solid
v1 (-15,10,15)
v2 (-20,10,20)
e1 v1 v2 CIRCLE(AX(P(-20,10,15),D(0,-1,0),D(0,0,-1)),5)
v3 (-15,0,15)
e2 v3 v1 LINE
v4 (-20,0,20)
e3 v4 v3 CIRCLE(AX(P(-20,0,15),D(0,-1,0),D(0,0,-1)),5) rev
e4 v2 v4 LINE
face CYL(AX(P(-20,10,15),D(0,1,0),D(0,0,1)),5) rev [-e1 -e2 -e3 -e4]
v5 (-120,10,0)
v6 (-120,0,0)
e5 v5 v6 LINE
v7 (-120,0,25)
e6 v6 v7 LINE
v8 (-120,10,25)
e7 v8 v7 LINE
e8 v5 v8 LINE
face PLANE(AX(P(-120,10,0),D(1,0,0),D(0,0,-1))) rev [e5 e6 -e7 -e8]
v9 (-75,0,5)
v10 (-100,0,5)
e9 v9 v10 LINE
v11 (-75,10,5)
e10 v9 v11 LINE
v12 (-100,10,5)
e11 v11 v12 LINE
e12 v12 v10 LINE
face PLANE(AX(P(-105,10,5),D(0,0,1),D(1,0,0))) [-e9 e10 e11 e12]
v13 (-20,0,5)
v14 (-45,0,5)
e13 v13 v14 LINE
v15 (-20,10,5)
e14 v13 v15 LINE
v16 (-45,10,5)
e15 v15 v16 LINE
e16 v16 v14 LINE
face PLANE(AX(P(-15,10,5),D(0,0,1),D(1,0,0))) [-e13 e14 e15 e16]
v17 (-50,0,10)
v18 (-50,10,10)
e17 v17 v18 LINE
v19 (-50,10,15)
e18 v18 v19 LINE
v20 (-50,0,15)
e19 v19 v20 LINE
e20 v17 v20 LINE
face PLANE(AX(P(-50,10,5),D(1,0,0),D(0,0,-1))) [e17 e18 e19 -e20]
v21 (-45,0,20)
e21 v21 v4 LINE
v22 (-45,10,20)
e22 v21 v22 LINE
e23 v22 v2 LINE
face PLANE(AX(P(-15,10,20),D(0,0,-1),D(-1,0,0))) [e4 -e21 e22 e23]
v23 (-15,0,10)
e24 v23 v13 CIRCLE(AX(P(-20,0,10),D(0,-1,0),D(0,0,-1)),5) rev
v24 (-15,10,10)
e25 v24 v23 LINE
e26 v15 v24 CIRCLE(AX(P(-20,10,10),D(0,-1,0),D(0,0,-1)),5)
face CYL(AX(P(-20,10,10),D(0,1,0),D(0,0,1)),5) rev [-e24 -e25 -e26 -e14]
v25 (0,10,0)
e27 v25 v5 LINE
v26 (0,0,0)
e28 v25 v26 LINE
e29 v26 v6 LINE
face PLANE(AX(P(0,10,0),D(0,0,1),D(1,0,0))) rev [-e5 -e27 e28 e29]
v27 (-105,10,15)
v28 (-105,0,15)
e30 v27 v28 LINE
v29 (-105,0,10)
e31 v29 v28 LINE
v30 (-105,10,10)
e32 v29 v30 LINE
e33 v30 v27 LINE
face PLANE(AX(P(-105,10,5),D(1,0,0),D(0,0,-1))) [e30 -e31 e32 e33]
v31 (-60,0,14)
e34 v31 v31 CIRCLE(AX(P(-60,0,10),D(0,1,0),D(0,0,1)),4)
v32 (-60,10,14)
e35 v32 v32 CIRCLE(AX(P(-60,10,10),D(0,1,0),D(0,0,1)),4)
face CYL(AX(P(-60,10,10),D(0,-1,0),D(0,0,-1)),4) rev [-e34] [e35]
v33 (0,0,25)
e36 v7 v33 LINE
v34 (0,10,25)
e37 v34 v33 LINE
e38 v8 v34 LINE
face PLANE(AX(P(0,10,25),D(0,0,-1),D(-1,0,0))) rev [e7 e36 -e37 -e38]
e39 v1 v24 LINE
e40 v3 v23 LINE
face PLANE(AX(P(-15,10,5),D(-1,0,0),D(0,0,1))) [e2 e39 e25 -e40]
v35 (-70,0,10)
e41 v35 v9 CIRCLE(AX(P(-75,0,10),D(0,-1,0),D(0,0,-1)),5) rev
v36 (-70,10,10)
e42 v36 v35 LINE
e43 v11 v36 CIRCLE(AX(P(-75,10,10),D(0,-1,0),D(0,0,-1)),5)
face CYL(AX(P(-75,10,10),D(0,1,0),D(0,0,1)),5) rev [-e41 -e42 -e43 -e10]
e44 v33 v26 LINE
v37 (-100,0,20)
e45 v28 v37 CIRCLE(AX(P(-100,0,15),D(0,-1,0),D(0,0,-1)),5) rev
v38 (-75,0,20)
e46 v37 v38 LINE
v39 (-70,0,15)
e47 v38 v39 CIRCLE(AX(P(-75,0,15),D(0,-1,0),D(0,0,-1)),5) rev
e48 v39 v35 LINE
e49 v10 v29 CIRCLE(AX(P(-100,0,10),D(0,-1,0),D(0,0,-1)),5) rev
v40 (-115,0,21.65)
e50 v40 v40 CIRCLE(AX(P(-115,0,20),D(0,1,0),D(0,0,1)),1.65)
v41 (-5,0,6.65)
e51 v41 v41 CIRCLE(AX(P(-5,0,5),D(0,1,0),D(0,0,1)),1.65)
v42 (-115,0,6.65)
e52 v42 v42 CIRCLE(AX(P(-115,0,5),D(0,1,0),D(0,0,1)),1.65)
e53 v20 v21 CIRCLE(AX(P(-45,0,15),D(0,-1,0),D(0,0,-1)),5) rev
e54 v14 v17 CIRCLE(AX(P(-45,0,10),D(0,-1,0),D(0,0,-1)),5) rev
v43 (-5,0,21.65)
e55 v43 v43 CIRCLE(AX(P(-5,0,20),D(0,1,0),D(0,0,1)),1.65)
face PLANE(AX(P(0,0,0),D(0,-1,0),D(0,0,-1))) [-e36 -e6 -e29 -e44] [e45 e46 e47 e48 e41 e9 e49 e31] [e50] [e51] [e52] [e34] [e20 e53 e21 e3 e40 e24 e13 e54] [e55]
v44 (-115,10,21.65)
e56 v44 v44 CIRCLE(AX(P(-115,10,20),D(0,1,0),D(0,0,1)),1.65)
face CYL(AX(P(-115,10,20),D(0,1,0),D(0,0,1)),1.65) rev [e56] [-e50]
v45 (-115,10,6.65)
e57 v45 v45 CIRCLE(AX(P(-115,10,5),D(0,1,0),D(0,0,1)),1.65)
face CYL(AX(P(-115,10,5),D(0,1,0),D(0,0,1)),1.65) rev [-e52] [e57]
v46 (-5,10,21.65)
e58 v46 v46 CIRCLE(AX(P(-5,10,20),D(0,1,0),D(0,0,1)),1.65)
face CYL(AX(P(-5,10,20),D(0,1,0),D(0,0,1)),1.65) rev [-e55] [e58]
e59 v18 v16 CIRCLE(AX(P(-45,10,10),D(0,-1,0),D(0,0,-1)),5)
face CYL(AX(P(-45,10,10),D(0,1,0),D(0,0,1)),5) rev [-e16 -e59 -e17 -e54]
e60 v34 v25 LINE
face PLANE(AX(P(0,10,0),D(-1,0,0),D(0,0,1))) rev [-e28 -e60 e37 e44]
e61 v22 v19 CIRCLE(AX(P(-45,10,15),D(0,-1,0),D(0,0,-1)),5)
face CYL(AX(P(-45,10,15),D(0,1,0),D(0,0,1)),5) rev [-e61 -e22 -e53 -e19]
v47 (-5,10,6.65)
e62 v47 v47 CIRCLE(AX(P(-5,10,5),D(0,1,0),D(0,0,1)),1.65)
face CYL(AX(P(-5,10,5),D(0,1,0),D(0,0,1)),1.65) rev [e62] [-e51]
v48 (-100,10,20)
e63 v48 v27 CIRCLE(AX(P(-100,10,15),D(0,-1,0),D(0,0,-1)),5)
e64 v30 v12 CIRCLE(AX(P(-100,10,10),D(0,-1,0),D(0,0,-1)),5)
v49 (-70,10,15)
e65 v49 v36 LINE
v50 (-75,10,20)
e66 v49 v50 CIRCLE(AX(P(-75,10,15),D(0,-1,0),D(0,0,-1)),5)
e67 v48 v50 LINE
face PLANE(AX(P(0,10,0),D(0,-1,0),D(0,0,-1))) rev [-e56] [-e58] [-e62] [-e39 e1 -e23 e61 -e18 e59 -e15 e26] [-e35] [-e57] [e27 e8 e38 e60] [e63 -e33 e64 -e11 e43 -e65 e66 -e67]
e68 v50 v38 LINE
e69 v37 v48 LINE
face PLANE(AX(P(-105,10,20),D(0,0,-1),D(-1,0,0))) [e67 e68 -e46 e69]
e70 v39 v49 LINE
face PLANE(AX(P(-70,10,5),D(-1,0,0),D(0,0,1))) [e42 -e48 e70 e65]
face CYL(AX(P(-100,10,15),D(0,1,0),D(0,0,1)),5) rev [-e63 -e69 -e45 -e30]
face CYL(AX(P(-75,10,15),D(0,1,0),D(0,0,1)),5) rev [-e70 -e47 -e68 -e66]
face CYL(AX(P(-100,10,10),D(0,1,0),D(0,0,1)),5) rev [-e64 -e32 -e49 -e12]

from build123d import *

# Parameters (mm, degrees)
SKETCH1_W             = 119.999999984
SKETCH1_H             = 25.000000005
SKETCH1_R             = 4
SKETCH1_W_2           = 34.999999984
SKETCH1_H_2           = 15.000000005
SKETCH1_W_3           = 35.000000016
BOSS_EXTRUDE1_DEPTH   = 10
FILLET1_R             = 5
M4X0_7_TAPPED_HOLE1_D = 3.3


with BuildPart() as part:
    # Sketch1 → Boss-Extrude1 (new body)
    with BuildSketch(Plane(origin=(0, 0, 0), x_dir=(1, 0, 0), z_dir=(0, 1, 0))):
        with Locations((-59.999999992, -12.500000003)):
            Rectangle(SKETCH1_W, SKETCH1_H)
        with Locations(Location((-60, -10, 0), (0, 0, 270))):
            Circle(SKETCH1_R, mode=Mode.SUBTRACT)
        with Locations((-87.499999992, -12.500000003)):
            Rectangle(SKETCH1_W_2, SKETCH1_H_2, mode=Mode.SUBTRACT)
        with Locations((-32.499999992, -12.500000003)):
            Rectangle(SKETCH1_W_3, SKETCH1_H_2, mode=Mode.SUBTRACT)
    extrude(amount=BOSS_EXTRUDE1_DEPTH)

    # Fillet1
    fillet1_edges = [part.edges().sort_by_distance(p)[0] for p in [
        (-14.999999984, 5, 20.000000005),
        (-14.999999984, 5, 5),
        (-50, 5, 5),
        (-50, 5, 20.000000005),
        (-104.999999984, 5, 5),
        (-104.999999984, 5, 20.000000005),
        (-70, 5, 20.000000005),
        (-70, 5, 5),
    ]]
    fillet(fillet1_edges, radius=FILLET1_R)

    # M4x0.7 Tapped Hole1 (through all)
    with Locations(Plane(origin=(0, 10, 0), x_dir=(1, 0, 0), z_dir=(0, 1, 0))):
        with Locations((-115, -5), (-115, -20.000000005), (-5, -5), (-5, -20.000000005)):
            Hole(M4X0_7_TAPPED_HOLE1_D / 2)


solid = part.part
